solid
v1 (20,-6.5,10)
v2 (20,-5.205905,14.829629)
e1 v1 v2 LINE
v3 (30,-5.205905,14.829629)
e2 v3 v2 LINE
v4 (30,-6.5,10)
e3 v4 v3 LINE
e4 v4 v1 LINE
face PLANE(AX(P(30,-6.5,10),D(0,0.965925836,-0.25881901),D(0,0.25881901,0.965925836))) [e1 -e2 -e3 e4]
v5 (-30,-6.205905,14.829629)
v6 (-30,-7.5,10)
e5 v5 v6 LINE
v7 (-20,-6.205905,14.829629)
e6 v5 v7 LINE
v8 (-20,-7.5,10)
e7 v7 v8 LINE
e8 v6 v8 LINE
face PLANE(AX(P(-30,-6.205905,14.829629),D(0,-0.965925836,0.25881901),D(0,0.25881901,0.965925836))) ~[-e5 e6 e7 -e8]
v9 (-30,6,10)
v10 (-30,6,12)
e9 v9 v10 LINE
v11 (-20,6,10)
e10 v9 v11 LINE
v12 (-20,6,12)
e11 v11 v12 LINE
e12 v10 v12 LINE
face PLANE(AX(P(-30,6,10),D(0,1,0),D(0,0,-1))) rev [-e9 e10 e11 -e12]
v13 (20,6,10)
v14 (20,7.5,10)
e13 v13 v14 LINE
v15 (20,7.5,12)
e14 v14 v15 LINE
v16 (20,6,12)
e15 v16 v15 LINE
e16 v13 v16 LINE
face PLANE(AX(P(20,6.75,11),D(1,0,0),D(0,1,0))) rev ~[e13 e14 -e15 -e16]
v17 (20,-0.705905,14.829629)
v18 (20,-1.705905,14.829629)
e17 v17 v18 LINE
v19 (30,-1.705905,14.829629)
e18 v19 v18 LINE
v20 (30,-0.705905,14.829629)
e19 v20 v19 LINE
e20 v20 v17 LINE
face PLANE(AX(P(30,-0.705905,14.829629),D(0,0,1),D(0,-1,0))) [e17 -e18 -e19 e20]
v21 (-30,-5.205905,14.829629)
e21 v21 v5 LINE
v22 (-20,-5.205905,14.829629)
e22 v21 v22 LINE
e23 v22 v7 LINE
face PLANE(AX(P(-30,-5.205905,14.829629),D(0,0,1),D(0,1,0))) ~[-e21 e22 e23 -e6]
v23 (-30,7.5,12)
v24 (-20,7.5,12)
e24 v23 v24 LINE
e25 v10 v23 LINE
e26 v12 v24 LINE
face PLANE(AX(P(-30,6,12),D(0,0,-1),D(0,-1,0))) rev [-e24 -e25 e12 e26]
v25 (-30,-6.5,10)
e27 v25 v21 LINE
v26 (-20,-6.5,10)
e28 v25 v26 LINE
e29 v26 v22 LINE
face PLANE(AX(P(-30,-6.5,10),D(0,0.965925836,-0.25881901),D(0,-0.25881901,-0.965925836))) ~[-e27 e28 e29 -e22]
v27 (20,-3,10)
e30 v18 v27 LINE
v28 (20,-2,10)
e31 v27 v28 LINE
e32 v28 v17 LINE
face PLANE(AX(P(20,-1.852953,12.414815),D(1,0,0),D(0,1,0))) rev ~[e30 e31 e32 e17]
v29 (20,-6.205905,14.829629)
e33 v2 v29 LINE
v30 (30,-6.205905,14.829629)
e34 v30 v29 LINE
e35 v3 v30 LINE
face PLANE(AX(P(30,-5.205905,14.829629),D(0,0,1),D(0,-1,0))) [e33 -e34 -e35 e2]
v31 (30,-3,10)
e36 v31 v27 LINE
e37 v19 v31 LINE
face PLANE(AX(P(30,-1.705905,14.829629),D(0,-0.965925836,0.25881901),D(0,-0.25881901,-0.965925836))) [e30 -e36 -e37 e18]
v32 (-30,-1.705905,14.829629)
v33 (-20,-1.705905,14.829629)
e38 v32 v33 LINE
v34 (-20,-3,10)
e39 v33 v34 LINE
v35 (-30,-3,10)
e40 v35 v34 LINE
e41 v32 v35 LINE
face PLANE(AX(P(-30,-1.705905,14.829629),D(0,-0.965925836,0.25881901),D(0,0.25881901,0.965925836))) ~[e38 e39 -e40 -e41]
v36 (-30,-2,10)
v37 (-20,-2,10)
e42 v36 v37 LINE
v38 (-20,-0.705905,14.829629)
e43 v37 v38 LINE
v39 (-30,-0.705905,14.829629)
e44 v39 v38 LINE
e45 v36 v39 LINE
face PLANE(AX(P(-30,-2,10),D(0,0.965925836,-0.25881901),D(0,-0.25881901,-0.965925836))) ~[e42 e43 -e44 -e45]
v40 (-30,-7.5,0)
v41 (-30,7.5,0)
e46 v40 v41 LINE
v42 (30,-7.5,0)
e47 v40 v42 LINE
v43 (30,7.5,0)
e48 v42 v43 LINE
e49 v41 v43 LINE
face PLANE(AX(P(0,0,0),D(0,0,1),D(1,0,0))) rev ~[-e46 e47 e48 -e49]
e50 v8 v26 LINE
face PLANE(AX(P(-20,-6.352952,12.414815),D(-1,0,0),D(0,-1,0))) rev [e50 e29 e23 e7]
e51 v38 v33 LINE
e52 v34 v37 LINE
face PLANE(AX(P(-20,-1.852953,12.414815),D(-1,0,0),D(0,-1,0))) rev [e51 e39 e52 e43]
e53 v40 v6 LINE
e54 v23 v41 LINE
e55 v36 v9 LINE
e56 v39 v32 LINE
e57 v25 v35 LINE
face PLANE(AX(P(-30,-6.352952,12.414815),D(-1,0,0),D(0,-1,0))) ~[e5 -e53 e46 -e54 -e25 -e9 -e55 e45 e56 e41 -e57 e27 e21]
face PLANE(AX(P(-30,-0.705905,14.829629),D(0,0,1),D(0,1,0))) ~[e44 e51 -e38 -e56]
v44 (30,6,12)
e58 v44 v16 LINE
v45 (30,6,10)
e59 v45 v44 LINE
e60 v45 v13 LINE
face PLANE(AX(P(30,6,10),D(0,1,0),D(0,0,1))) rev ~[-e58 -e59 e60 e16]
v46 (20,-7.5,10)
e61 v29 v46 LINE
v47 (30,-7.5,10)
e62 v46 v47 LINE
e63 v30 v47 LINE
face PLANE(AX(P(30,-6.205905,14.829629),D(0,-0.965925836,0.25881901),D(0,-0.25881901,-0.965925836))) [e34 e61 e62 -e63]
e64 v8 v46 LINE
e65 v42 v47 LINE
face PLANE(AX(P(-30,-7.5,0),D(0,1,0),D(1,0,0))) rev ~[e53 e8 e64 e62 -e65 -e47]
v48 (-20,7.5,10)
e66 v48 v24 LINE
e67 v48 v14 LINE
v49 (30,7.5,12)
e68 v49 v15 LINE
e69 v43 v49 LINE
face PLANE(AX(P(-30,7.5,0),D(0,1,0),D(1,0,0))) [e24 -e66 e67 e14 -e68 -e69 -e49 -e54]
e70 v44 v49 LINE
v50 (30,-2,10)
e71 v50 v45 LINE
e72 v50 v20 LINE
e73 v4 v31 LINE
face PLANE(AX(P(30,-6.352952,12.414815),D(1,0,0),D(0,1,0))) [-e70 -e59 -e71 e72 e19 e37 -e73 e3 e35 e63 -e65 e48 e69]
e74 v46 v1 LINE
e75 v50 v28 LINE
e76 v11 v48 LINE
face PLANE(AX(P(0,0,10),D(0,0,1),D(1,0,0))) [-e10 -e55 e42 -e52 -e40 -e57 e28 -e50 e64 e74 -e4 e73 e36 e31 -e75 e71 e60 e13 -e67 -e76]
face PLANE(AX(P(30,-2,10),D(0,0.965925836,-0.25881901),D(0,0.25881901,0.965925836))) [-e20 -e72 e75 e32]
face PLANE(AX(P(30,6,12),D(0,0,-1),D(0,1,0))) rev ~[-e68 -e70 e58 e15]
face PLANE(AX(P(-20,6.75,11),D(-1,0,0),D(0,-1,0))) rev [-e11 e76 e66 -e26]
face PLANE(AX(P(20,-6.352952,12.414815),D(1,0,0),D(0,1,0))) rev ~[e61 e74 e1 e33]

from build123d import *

# Parameters (mm, degrees)
F0_W     = 60
F0_H     = 15
F1_DEPTH = 10
F2_W     = 1.5
F2_H     = 2
F3_DEPTH = 10


with BuildPart() as f1:
    # F0 (on Top) → F1 (new body)
    with BuildSketch(Plane.XY):
        Rectangle(F0_W, F0_H)
    extrude(amount=F1_DEPTH)

    # F2 (on face) → F3 (join)
    with BuildSketch(Plane.YZ.offset(30)):
        Polygon((-6.205905, 14.829629), (-7.5, 10), (-6.5, 10), (-5.205905, 14.829629), align=None)
        Polygon((-3, 10), (-2, 10), (-0.705905, 14.829629), (-1.705905, 14.829629), align=None)
        with Locations((6.75, 11)):
            Rectangle(F2_W, F2_H)
    extrude(amount=-F3_DEPTH)

    # F4: F1 across plane


with BuildPart() as f1_1:
    add(f1.part)
    add(f1.part.mirror(Plane.YZ))


solid = f1_1.part
